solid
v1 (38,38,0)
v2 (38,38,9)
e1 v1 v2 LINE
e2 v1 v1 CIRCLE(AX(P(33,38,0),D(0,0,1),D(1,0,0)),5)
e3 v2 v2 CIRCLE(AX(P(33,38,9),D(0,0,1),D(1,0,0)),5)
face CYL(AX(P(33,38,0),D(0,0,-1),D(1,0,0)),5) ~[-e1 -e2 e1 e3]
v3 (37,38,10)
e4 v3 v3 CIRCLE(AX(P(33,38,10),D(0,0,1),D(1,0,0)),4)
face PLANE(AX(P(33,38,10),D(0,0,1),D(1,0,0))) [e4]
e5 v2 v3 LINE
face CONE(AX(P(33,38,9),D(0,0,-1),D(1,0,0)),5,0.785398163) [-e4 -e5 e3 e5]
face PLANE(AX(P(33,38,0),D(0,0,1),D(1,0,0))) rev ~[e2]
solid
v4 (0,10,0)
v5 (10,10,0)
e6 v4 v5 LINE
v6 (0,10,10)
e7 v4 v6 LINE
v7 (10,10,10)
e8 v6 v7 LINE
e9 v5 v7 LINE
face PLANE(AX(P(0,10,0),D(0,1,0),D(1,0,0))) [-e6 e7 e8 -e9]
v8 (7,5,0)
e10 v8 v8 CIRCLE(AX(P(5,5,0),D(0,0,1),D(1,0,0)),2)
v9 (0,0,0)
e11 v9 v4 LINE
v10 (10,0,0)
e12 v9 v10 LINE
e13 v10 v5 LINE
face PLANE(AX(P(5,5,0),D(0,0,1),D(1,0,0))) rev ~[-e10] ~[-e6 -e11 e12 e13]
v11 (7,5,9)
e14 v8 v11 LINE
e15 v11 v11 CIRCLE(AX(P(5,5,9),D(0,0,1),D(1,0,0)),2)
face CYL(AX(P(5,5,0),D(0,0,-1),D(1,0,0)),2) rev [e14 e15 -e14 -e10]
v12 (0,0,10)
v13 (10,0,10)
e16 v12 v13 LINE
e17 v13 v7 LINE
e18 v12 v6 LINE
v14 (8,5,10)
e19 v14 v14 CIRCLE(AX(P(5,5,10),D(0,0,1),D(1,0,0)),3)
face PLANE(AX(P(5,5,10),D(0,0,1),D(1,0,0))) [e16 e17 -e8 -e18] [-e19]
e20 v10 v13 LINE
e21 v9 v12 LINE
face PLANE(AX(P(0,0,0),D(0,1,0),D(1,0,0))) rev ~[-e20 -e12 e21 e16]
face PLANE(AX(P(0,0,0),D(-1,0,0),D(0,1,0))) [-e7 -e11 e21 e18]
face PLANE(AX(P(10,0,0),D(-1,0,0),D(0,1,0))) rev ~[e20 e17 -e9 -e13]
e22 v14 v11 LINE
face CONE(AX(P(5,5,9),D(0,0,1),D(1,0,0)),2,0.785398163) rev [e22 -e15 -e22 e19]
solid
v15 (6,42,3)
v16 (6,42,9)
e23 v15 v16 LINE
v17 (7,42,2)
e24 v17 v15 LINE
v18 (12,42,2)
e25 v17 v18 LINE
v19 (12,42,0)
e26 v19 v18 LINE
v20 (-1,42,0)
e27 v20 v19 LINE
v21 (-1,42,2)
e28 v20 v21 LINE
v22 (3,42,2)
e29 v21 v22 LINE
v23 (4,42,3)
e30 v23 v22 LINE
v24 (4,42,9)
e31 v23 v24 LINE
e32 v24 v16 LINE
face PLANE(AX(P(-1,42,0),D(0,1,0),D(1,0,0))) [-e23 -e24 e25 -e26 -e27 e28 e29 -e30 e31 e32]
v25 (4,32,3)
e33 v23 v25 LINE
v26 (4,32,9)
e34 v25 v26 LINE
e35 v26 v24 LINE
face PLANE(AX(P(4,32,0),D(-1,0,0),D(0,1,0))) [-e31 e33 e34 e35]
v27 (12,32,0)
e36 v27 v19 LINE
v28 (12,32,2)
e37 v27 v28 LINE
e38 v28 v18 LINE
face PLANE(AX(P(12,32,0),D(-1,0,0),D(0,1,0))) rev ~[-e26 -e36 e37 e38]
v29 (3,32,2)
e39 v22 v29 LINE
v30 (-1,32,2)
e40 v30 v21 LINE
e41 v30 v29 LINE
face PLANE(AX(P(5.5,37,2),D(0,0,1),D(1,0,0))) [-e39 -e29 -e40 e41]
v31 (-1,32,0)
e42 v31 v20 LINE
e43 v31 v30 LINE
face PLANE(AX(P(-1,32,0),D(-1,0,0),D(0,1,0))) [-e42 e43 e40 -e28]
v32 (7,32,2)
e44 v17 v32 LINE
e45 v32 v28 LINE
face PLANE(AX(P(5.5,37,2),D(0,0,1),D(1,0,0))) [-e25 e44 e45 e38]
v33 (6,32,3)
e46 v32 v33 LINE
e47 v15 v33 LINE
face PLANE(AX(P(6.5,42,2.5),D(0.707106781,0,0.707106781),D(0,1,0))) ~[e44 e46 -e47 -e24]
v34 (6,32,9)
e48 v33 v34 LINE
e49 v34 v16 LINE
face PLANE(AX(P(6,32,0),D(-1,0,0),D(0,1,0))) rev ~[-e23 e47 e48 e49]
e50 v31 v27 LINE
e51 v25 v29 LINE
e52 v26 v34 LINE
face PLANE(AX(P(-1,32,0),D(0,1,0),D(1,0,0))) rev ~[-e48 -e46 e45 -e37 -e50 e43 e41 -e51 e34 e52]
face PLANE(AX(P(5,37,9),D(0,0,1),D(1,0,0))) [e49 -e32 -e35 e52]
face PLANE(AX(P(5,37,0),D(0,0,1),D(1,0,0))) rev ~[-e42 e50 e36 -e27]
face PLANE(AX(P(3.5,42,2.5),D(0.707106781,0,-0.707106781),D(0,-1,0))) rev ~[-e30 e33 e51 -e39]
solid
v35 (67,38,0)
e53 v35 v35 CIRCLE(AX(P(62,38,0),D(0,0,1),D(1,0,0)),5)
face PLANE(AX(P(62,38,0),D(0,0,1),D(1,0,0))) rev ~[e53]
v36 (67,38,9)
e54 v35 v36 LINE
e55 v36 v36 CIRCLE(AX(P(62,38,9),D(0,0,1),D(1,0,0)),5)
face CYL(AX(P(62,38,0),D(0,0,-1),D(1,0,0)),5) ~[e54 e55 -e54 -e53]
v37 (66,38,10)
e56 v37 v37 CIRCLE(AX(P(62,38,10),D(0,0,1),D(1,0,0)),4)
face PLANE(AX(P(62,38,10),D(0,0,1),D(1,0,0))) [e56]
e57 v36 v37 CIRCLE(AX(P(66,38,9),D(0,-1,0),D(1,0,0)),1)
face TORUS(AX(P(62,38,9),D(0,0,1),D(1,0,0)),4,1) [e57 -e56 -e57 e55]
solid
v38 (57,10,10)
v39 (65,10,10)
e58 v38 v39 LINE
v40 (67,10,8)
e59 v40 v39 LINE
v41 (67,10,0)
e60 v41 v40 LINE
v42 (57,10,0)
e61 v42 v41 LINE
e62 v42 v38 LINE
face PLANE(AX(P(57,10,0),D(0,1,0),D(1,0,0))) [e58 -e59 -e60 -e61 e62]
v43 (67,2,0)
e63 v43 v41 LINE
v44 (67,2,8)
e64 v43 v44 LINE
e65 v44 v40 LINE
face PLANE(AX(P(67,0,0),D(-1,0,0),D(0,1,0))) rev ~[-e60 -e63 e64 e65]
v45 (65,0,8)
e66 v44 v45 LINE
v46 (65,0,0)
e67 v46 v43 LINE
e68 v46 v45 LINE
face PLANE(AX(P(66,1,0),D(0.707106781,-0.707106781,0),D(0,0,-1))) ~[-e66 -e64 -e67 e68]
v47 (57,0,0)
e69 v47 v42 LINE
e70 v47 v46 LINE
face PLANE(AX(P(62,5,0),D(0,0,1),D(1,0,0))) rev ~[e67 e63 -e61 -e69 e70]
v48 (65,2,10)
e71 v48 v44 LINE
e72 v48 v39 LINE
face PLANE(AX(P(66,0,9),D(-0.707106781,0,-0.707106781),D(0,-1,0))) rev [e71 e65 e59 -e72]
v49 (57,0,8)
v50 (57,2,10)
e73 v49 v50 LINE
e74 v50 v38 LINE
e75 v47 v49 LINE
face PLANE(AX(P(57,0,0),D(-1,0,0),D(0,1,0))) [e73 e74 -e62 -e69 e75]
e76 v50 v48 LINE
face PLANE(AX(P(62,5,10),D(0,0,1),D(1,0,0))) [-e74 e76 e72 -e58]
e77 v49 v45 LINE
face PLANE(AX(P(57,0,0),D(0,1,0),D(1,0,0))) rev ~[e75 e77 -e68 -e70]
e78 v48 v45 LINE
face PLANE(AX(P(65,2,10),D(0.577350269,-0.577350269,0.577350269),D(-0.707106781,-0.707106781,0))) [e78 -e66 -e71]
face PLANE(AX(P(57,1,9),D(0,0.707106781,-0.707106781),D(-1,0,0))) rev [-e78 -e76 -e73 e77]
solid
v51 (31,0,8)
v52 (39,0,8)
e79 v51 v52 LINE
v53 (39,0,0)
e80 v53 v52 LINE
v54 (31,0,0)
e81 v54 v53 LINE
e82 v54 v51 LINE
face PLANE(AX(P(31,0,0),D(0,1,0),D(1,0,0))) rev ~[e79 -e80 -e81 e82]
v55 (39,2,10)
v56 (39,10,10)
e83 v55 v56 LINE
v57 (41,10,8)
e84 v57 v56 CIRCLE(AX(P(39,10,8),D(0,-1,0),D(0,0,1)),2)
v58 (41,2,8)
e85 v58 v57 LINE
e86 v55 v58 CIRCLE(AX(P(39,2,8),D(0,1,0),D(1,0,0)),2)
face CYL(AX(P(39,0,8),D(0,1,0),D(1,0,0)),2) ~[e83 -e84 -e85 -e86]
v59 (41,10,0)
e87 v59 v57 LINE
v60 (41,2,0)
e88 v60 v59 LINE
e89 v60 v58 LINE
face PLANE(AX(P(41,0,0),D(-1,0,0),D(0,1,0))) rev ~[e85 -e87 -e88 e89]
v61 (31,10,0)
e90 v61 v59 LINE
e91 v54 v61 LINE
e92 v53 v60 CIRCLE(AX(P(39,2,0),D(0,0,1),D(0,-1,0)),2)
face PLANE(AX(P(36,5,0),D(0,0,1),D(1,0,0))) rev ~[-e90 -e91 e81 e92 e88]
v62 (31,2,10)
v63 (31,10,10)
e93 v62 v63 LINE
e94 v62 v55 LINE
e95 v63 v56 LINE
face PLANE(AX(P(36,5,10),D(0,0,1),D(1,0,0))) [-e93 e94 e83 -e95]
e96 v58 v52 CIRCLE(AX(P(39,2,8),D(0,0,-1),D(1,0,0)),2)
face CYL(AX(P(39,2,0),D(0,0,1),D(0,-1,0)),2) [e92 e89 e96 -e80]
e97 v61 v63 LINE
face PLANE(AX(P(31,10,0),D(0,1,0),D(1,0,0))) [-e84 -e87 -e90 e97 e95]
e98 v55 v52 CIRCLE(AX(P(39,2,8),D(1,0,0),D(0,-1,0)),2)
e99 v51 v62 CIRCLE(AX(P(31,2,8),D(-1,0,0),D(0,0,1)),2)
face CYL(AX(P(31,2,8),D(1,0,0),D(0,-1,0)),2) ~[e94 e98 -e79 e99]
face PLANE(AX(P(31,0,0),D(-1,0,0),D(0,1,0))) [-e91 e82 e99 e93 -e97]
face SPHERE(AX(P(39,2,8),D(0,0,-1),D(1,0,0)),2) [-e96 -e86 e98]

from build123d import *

# Parameters (mm, degrees)
BOX_W           = 10
BOX_H           = 10
BOX_DEPTH       = 10
FILLET_R        = 2
BOX001_W        = 10
BOX001_H        = 10
BOX001_DEPTH    = 10
CHAMFER_SIZE    = 2
TUBE_R          = 2
TUBE_DEPTH      = 10
BOX002_W        = 10
BOX002_H        = 10
BOX002_DEPTH    = 10
CHAMFER001_SIZE = 1
TUBE001_R       = 5
TUBE001_DEPTH   = 10
FILLET001_R     = 1
TUBE002_R       = 5
TUBE002_DEPTH   = 10
CHAMFER002_SIZE = 1
BOX004_W        = 2
BOX004_H        = 10
BOX004_DEPTH    = 9
BOX003_W        = 13
BOX003_H        = 10
BOX003_DEPTH    = 2
CHAMFER003_SIZE = 1
CHAMFER004_SIZE = 1


with BuildPart() as fillet_body:
    # Box → Box (new body)
    with BuildSketch(Plane(origin=(31, 0, 0), x_dir=(1, 0, 0), z_dir=(0, 0, 1))):
        with Locations((5, 5)):
            Rectangle(BOX_W, BOX_H)
    extrude(amount=BOX_DEPTH)

    # Fillet
    fillet_edges = [fillet_body.edges().sort_by_distance(p)[0] for p in [
        (41, 0, 5),
        (41, 5, 10),
        (36, 0, 10),
    ]]
    fillet(fillet_edges, radius=FILLET_R)


with BuildPart() as chamfer_body:
    # Box001 → Box001 (new body)
    with BuildSketch(Plane(origin=(57, 0, 0), x_dir=(1, 0, 0), z_dir=(0, 0, 1))):
        with Locations((5, 5)):
            Rectangle(BOX001_W, BOX001_H)
    extrude(amount=BOX001_DEPTH)

    # Chamfer
    chamfer_edges = [chamfer_body.edges().sort_by_distance(p)[0] for p in [
        (67, 0, 5),
        (67, 5, 10),
        (62, 0, 10),
    ]]
    chamfer(chamfer_edges, length=CHAMFER_SIZE)


with BuildPart() as tube:
    # Tube → Tube (new body)
    with BuildSketch(Plane(origin=(5, 5, 0), x_dir=(1, 0, 0), z_dir=(0, 0, 1))):
        Circle(TUBE_R)
    extrude(amount=TUBE_DEPTH)


with BuildPart() as chamfer001:
    # Box002 → Box002 (new body)
    with BuildSketch(Plane.XY):
        with Locations((5, 5)):
            Rectangle(BOX002_W, BOX002_H)
    extrude(amount=BOX002_DEPTH)

    # Cut: cut Tube
    add(tube.part, mode=Mode.SUBTRACT)

    # Chamfer001
    chamfer001_edges = [chamfer001.edges().sort_by_distance(p)[0] for p in [
        (3, 5, 10),
    ]]
    chamfer(chamfer001_edges, length=CHAMFER001_SIZE)


with BuildPart() as fillet001:
    # Tube001 → Tube001 (new body)
    with BuildSketch(Plane(origin=(62, 38, 0), x_dir=(1, 0, 0), z_dir=(0, 0, 1))):
        Circle(TUBE001_R)
    extrude(amount=TUBE001_DEPTH)

    # Fillet001
    fillet001_edges = [fillet001.edges().sort_by_distance(p)[0] for p in [
        (57, 38, 10),
    ]]
    fillet(fillet001_edges, radius=FILLET001_R)


with BuildPart() as chamfer002:
    # Tube002 → Tube002 (new body)
    with BuildSketch(Plane(origin=(33, 38, 0), x_dir=(1, 0, 0), z_dir=(0, 0, 1))):
        Circle(TUBE002_R)
    extrude(amount=TUBE002_DEPTH)

    # Chamfer002
    chamfer002_edges = [chamfer002.edges().sort_by_distance(p)[0] for p in [
        (28, 38, 10),
    ]]
    chamfer(chamfer002_edges, length=CHAMFER002_SIZE)


with BuildPart() as cub004:
    # Box004 → Box004 (new body)
    with BuildSketch(Plane(origin=(4, 32, 0), x_dir=(1, 0, 0), z_dir=(0, 0, 1))):
        with Locations((1, 5)):
            Rectangle(BOX004_W, BOX004_H)
    extrude(amount=BOX004_DEPTH)


with BuildPart() as chamfer004:
    # Box003 → Box003 (new body)
    with BuildSketch(Plane(origin=(-1, 32, 0), x_dir=(1, 0, 0), z_dir=(0, 0, 1))):
        with Locations((6.5, 5)):
            Rectangle(BOX003_W, BOX003_H)
    extrude(amount=BOX003_DEPTH)

    # Fusion: union Cub004
    add(cub004.part)

    # Chamfer003
    chamfer003_edges = [chamfer004.edges().sort_by_distance(p)[0] for p in [
        (6, 37, 2),
    ]]
    chamfer(chamfer003_edges, length=CHAMFER003_SIZE)

    # Chamfer004
    chamfer004_edges = [chamfer004.edges().sort_by_distance(p)[0] for p in [
        (4, 37, 2),
    ]]
    chamfer(chamfer004_edges, length=CHAMFER004_SIZE)


solid = Compound([fillet_body.part, chamfer_body.part, chamfer001.part, fillet001.part, chamfer002.part, chamfer004.part])
